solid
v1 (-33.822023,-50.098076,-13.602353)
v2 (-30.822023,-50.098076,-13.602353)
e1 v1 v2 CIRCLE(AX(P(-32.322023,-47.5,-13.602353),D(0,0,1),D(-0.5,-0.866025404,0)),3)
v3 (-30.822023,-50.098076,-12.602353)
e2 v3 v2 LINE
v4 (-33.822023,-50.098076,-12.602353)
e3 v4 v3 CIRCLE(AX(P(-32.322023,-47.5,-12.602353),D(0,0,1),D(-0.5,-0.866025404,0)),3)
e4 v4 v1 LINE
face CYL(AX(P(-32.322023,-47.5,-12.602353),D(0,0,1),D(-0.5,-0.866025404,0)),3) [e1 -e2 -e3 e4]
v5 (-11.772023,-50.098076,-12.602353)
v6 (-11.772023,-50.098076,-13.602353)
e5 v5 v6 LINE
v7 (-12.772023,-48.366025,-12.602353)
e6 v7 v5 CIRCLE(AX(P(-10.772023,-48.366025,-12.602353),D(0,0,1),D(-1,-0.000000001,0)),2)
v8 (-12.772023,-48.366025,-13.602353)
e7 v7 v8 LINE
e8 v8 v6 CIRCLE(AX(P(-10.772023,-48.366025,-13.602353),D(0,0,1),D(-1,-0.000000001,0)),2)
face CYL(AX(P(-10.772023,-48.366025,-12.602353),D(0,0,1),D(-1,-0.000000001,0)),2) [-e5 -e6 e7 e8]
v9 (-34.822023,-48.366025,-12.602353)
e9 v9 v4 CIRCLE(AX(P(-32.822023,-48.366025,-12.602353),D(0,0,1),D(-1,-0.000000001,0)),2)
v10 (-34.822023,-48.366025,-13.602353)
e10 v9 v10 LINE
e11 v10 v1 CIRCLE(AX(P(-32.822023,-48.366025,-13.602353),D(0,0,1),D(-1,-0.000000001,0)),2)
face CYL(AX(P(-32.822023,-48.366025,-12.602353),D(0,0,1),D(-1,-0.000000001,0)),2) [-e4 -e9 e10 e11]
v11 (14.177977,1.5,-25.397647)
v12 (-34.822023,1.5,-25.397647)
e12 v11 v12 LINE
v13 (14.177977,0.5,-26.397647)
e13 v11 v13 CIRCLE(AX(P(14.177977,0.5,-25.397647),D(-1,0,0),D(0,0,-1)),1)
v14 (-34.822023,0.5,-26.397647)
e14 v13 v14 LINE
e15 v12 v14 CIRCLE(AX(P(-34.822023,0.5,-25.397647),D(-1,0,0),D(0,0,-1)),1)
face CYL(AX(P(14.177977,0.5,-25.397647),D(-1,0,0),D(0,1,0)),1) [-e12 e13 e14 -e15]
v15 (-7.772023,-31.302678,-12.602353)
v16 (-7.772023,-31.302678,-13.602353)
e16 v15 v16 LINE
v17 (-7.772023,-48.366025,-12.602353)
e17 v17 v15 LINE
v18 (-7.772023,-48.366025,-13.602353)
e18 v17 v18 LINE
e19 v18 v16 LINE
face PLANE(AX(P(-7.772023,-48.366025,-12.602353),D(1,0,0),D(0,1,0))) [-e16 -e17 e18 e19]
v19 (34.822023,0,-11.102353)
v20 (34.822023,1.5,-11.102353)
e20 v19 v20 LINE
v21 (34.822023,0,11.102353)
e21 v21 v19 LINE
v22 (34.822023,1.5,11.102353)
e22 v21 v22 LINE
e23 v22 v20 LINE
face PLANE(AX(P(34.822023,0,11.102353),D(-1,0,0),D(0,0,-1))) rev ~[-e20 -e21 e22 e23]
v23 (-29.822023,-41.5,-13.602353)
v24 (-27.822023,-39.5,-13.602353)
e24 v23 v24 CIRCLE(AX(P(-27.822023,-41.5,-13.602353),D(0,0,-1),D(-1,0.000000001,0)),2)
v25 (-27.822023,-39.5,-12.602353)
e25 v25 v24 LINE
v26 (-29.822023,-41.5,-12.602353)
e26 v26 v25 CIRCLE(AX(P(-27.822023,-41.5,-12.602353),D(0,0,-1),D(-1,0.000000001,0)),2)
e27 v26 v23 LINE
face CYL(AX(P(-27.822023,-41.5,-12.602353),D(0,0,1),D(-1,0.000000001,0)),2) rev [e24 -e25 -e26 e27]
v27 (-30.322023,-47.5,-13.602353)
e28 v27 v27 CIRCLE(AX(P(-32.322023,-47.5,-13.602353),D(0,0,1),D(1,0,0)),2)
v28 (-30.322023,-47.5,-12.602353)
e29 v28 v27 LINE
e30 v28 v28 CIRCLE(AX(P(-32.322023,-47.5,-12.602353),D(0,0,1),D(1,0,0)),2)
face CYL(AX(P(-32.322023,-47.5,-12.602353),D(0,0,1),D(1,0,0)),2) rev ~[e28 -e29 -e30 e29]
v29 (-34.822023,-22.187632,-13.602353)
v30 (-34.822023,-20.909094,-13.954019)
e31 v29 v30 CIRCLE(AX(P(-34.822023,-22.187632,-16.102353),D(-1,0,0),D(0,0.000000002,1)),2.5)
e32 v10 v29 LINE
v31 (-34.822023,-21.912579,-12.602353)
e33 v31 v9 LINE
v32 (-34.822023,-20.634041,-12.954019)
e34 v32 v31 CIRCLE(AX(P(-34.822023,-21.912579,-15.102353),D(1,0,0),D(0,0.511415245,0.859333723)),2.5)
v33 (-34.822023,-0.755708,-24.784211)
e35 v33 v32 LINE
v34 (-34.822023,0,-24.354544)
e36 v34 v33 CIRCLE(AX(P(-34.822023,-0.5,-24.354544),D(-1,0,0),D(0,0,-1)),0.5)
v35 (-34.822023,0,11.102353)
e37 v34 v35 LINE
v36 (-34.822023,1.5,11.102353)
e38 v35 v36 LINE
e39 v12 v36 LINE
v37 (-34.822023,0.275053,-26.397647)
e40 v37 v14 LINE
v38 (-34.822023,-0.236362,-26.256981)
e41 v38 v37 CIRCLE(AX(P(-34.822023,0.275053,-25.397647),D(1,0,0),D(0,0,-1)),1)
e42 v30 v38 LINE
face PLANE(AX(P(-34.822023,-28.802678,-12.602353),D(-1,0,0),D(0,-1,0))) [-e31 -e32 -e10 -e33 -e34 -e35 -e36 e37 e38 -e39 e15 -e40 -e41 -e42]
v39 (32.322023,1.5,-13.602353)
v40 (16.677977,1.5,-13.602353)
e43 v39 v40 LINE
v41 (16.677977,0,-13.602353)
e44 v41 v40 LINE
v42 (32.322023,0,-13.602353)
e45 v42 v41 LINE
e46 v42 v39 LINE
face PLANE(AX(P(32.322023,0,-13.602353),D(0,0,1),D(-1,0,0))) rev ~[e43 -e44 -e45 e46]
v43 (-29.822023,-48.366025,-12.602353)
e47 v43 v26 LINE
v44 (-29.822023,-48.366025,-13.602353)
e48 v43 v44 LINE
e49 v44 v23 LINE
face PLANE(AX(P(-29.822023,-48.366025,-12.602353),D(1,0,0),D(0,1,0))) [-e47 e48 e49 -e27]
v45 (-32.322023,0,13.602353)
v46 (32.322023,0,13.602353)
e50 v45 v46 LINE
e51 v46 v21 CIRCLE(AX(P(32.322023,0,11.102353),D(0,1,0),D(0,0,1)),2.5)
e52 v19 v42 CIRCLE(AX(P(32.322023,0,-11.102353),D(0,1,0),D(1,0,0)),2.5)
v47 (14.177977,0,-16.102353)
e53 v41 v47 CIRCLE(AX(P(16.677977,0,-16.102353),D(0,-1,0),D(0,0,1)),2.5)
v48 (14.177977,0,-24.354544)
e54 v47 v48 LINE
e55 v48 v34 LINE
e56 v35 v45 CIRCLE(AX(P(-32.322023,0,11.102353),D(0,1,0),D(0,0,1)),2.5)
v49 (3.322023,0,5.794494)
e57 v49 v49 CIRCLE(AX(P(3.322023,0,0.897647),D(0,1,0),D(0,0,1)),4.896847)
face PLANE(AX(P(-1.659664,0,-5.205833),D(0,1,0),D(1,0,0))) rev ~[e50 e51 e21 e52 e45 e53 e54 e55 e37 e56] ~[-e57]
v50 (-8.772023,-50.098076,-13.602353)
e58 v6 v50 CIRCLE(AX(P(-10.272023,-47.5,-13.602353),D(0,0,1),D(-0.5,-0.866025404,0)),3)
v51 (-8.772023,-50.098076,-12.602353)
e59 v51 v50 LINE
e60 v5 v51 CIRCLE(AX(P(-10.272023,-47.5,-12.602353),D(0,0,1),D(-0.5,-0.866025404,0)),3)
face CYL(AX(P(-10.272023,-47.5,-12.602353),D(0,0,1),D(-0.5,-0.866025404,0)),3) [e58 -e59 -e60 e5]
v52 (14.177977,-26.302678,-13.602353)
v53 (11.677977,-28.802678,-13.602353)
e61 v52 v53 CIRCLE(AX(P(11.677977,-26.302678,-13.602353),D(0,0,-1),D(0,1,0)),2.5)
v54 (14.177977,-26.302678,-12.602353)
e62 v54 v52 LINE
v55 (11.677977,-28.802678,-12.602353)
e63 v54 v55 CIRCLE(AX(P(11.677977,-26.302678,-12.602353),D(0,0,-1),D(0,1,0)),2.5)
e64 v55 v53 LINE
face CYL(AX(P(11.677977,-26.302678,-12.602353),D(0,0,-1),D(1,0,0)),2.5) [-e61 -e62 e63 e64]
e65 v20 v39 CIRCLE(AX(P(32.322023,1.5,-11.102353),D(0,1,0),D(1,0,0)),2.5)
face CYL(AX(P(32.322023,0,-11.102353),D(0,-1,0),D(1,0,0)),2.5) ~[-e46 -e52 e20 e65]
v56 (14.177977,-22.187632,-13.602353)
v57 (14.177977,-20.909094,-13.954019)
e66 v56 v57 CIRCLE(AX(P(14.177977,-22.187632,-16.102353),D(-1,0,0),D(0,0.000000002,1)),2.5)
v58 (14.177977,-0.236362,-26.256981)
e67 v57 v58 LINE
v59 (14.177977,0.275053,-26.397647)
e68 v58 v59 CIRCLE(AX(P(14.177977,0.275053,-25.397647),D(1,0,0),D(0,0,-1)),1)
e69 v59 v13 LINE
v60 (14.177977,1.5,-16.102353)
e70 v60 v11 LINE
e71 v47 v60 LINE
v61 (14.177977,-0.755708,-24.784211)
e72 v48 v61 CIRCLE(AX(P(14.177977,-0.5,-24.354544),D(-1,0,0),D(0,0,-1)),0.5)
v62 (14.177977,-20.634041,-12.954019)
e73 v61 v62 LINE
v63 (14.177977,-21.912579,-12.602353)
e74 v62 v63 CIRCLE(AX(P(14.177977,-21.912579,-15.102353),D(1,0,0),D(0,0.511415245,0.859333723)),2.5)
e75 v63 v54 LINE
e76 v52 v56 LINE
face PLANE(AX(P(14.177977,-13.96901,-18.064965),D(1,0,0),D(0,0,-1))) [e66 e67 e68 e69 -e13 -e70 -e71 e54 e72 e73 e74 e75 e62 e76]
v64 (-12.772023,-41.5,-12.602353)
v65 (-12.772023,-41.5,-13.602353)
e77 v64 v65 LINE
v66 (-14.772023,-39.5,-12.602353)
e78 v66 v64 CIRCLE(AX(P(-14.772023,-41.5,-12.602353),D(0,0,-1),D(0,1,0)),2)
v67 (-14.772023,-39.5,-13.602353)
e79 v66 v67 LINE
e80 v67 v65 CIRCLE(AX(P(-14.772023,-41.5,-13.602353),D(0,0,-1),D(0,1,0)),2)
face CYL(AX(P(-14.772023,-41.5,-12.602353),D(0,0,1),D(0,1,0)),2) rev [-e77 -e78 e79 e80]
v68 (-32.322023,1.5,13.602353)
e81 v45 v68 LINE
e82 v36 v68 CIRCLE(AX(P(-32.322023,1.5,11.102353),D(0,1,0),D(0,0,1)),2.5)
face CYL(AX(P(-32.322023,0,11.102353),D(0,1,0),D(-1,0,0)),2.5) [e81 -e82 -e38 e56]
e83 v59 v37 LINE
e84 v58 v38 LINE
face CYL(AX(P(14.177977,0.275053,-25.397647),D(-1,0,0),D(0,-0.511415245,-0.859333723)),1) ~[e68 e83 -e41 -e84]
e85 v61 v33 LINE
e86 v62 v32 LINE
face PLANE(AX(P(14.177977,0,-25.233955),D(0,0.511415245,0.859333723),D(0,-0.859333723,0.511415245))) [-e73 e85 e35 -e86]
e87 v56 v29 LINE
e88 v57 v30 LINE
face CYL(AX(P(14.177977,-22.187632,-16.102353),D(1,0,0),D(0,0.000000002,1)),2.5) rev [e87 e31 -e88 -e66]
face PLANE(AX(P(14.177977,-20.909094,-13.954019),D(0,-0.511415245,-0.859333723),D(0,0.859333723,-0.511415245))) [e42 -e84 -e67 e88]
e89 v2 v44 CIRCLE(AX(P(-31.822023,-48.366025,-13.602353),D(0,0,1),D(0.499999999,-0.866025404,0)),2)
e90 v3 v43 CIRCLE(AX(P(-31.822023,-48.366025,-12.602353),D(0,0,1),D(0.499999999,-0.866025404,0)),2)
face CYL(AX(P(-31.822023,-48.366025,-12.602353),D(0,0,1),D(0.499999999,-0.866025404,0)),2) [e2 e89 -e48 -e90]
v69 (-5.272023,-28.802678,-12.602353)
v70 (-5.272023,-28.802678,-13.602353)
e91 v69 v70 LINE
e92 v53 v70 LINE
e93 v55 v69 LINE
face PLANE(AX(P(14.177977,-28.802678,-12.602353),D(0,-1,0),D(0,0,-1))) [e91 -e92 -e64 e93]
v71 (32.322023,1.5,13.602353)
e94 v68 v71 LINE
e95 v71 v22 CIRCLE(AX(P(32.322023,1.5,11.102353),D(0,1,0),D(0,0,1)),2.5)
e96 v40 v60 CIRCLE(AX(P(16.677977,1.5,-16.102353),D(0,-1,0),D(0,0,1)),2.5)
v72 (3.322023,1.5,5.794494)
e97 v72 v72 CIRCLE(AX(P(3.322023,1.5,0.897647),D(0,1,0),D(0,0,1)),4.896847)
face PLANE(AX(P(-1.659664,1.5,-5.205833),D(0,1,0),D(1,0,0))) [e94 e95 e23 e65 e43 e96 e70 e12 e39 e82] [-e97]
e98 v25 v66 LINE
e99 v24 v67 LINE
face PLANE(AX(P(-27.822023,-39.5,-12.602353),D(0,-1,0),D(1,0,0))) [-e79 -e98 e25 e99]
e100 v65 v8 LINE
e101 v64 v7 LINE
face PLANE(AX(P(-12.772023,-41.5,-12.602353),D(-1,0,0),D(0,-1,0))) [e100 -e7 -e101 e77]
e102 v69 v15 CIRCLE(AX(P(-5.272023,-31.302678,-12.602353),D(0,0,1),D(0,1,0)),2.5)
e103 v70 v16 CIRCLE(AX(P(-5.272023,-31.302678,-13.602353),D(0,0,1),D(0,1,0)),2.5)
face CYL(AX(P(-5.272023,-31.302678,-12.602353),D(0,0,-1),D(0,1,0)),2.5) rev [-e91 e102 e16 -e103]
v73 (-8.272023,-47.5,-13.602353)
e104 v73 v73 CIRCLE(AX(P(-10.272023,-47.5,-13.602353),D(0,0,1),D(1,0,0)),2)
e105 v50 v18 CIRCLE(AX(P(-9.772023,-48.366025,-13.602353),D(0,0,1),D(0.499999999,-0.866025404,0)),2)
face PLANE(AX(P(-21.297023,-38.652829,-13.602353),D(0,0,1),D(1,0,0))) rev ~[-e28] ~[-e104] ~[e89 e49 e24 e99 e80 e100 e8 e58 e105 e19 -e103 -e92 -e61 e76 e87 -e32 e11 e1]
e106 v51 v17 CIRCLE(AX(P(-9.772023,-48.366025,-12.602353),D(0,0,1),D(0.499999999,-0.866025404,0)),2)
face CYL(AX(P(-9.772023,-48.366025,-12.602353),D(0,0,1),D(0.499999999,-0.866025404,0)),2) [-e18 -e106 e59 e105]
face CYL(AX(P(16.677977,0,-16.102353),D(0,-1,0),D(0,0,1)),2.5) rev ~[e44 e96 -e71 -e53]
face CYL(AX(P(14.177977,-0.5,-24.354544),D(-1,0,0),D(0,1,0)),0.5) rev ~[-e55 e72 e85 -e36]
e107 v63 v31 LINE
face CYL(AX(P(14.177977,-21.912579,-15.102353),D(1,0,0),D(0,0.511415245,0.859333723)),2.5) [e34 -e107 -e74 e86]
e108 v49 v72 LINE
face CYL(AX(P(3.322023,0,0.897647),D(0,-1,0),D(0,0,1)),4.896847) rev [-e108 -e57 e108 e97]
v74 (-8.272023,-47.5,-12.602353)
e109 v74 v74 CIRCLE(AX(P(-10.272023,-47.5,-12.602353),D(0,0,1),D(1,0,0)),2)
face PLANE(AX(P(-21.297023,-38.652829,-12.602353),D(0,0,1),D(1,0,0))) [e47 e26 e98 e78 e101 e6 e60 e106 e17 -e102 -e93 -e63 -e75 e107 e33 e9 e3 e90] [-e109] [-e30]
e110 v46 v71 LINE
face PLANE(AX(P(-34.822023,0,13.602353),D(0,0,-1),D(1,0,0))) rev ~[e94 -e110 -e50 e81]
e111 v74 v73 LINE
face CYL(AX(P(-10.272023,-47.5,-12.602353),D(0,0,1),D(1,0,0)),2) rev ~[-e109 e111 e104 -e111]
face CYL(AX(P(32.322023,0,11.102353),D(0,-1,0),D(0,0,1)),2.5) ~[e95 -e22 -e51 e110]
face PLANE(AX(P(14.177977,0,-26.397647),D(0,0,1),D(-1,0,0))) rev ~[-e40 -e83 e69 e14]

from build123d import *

# Parameters (mm, degrees)
SKETCH1_R           = 4.896847049
BOSS_EXTRUDE1_DEPTH = 1.5
BOSS_EXTRUDE4_DEPTH = 49
FILLET1_R           = 1
FILLET2_R           = 0.5
SKETCH3_R           = 2
BOSS_EXTRUDE6_DEPTH = 1
FILLET3_R           = 2.5
FILLET4_R           = 2.5


with BuildPart() as part:
    # Sketch1 → Boss-Extrude1 (new body)
    with BuildSketch(Plane(origin=(0, 0, 0), x_dir=(1, 0, 0), z_dir=(0, 1, 0))):
        with BuildLine():
            Line((-32.322023461, -13.602352914), (32.322023461, -13.602352914))
            ThreePointArc((32.322023461, -13.602352914), (34.089790414, -12.870119867), (34.822023461, -11.102352914))
            Line((34.822023461, -11.102352914), (34.822023461, 11.102352914))
            ThreePointArc((34.822023461, 11.102352914), (34.089790414, 12.870119867), (32.322023461, 13.602352914))
            Line((32.322023461, 13.602352914), (16.677976539, 13.602352914))
            ThreePointArc((16.677976539, 13.602352914), (14.910209586, 14.334585961), (14.177976539, 16.102352914))
            Line((14.177976539, 16.102352914), (14.177976539, 26.397647086))
            Line((14.177976539, 26.397647086), (-32.322023461, 26.397647086))
            Line((-32.322023461, 26.397647086), (-34.822023461, 26.397647086))
            Line((-34.822023461, 26.397647086), (-34.822023461, 23.897647086))
            Line((-34.822023461, 23.897647086), (-34.822023461, 13.602352914))
            Line((-34.822023461, 13.602352914), (-34.822023461, -11.102352914))
            Line((-34.822023461, -11.102352914), (-34.822023461, -13.602352914))
            Line((-34.822023461, -13.602352914), (-32.322023461, -13.602352914))
        make_face()
        with Locations(Location((3.322023461, -0.897647086, 0), (0, 0, 270))):
            Circle(SKETCH1_R, mode=Mode.SUBTRACT)
    extrude(amount=BOSS_EXTRUDE1_DEPTH)

    # Sketch2 → Boss-Extrude4 (add)
    with BuildSketch(Plane(origin=(14.177976539, 0, 0), x_dir=(0, 0, -1), z_dir=(1, 0, 0))):
        with BuildLine():
            Line((25.233954828, 0), (12.954018608, -20.634041328))
            ThreePointArc((12.954018608, -20.634041328), (12.691872074, -21.249569549), (12.602352914, -21.912579441))
            Line((12.602352914, -21.912579441), (12.602352914, -28.802677945))
            Line((12.602352914, -28.802677945), (13.602352914, -28.802677945))
            Line((13.602352914, -28.802677945), (13.602352914, -22.187632402))
            ThreePointArc((13.602352914, -22.187632402), (13.691872074, -21.52462251), (13.954018608, -20.909094288))
            Line((13.954018608, -20.909094288), (26.397647086, 0))
            Line((26.397647086, 0), (25.233954828, 0))
        make_face()
    extrude(amount=-BOSS_EXTRUDE4_DEPTH)

    # Fillet1
    fillet1_edges = [part.edges().sort_by_distance(p)[0] for p in [
        (-10.322023461, 0, -26.397647086),
        (-10.322023461, 1.5, -26.397647086),
    ]]
    fillet(fillet1_edges, radius=FILLET1_R)

    # Fillet2
    fillet2_edges = [part.edges().sort_by_distance(p)[0] for p in [
        (-10.322023461, 0, -25.233954828),
    ]]
    fillet(fillet2_edges, radius=FILLET2_R)

    # Sketch3 → Boss-Extrude6 (add)
    with BuildSketch(Plane.XY.offset(-12.602352914)):
        with BuildLine():
            Line((-27.822023461, -39.5), (-14.772023461, -39.5))
            ThreePointArc((-14.772023461, -39.5), (-13.357809898, -40.085786438), (-12.772023461, -41.5))
            Line((-12.772023461, -41.5), (-12.772023461, -48.366025404))
            ThreePointArc((-12.772023461, -48.366025404), (-12.504074268, -49.366025404), (-11.772023461, -50.098076211))
            ThreePointArc((-11.772023461, -50.098076211), (-10.272023461, -50.5), (-8.772023461, -50.098076211))
            ThreePointArc((-8.772023461, -50.098076211), (-8.039972653, -49.366025404), (-7.772023461, -48.366025404))
            Line((-7.772023461, -48.366025404), (-7.772023461, -39.5))
            Line((-7.772023461, -39.5), (-7.772023461, -28.802677945))
            Line((-7.772023461, -28.802677945), (-34.822023461, -28.802677945))
            Line((-34.822023461, -28.802677945), (-34.822023461, -39.5))
            Line((-34.822023461, -39.5), (-34.822023461, -48.366025404))
            ThreePointArc((-34.822023461, -48.366025404), (-34.554074268, -49.366025404), (-33.822023461, -50.098076211))
            ThreePointArc((-33.822023461, -50.098076211), (-32.322023461, -50.5), (-30.822023461, -50.098076211))
            ThreePointArc((-30.822023461, -50.098076211), (-30.089972653, -49.366025404), (-29.822023461, -48.366025404))
            Line((-29.822023461, -48.366025404), (-29.822023461, -41.5))
            ThreePointArc((-29.822023461, -41.5), (-29.236237023, -40.085786438), (-27.822023461, -39.5))
        make_face()
        with Locations((-32.322023461, -47.5)):
            Circle(SKETCH3_R, mode=Mode.SUBTRACT)
        with Locations((-10.272023461, -47.5)):
            Circle(SKETCH3_R, mode=Mode.SUBTRACT)
    extrude(amount=-BOSS_EXTRUDE6_DEPTH)

    # Fillet3
    fillet3_edges = [part.edges().sort_by_distance(p)[0] for p in [
        (14.177976539, -28.802677945, -13.102352914),
        (-7.772023461, -28.802677945, -13.102352914),
    ]]
    fillet(fillet3_edges, radius=FILLET3_R)

    # Fillet4
    fillet4_edges = [part.edges().sort_by_distance(p)[0] for p in [
        (-34.822023461, 0.75, 13.602352914),
    ]]
    fillet(fillet4_edges, radius=FILLET4_R)


solid = part.part
